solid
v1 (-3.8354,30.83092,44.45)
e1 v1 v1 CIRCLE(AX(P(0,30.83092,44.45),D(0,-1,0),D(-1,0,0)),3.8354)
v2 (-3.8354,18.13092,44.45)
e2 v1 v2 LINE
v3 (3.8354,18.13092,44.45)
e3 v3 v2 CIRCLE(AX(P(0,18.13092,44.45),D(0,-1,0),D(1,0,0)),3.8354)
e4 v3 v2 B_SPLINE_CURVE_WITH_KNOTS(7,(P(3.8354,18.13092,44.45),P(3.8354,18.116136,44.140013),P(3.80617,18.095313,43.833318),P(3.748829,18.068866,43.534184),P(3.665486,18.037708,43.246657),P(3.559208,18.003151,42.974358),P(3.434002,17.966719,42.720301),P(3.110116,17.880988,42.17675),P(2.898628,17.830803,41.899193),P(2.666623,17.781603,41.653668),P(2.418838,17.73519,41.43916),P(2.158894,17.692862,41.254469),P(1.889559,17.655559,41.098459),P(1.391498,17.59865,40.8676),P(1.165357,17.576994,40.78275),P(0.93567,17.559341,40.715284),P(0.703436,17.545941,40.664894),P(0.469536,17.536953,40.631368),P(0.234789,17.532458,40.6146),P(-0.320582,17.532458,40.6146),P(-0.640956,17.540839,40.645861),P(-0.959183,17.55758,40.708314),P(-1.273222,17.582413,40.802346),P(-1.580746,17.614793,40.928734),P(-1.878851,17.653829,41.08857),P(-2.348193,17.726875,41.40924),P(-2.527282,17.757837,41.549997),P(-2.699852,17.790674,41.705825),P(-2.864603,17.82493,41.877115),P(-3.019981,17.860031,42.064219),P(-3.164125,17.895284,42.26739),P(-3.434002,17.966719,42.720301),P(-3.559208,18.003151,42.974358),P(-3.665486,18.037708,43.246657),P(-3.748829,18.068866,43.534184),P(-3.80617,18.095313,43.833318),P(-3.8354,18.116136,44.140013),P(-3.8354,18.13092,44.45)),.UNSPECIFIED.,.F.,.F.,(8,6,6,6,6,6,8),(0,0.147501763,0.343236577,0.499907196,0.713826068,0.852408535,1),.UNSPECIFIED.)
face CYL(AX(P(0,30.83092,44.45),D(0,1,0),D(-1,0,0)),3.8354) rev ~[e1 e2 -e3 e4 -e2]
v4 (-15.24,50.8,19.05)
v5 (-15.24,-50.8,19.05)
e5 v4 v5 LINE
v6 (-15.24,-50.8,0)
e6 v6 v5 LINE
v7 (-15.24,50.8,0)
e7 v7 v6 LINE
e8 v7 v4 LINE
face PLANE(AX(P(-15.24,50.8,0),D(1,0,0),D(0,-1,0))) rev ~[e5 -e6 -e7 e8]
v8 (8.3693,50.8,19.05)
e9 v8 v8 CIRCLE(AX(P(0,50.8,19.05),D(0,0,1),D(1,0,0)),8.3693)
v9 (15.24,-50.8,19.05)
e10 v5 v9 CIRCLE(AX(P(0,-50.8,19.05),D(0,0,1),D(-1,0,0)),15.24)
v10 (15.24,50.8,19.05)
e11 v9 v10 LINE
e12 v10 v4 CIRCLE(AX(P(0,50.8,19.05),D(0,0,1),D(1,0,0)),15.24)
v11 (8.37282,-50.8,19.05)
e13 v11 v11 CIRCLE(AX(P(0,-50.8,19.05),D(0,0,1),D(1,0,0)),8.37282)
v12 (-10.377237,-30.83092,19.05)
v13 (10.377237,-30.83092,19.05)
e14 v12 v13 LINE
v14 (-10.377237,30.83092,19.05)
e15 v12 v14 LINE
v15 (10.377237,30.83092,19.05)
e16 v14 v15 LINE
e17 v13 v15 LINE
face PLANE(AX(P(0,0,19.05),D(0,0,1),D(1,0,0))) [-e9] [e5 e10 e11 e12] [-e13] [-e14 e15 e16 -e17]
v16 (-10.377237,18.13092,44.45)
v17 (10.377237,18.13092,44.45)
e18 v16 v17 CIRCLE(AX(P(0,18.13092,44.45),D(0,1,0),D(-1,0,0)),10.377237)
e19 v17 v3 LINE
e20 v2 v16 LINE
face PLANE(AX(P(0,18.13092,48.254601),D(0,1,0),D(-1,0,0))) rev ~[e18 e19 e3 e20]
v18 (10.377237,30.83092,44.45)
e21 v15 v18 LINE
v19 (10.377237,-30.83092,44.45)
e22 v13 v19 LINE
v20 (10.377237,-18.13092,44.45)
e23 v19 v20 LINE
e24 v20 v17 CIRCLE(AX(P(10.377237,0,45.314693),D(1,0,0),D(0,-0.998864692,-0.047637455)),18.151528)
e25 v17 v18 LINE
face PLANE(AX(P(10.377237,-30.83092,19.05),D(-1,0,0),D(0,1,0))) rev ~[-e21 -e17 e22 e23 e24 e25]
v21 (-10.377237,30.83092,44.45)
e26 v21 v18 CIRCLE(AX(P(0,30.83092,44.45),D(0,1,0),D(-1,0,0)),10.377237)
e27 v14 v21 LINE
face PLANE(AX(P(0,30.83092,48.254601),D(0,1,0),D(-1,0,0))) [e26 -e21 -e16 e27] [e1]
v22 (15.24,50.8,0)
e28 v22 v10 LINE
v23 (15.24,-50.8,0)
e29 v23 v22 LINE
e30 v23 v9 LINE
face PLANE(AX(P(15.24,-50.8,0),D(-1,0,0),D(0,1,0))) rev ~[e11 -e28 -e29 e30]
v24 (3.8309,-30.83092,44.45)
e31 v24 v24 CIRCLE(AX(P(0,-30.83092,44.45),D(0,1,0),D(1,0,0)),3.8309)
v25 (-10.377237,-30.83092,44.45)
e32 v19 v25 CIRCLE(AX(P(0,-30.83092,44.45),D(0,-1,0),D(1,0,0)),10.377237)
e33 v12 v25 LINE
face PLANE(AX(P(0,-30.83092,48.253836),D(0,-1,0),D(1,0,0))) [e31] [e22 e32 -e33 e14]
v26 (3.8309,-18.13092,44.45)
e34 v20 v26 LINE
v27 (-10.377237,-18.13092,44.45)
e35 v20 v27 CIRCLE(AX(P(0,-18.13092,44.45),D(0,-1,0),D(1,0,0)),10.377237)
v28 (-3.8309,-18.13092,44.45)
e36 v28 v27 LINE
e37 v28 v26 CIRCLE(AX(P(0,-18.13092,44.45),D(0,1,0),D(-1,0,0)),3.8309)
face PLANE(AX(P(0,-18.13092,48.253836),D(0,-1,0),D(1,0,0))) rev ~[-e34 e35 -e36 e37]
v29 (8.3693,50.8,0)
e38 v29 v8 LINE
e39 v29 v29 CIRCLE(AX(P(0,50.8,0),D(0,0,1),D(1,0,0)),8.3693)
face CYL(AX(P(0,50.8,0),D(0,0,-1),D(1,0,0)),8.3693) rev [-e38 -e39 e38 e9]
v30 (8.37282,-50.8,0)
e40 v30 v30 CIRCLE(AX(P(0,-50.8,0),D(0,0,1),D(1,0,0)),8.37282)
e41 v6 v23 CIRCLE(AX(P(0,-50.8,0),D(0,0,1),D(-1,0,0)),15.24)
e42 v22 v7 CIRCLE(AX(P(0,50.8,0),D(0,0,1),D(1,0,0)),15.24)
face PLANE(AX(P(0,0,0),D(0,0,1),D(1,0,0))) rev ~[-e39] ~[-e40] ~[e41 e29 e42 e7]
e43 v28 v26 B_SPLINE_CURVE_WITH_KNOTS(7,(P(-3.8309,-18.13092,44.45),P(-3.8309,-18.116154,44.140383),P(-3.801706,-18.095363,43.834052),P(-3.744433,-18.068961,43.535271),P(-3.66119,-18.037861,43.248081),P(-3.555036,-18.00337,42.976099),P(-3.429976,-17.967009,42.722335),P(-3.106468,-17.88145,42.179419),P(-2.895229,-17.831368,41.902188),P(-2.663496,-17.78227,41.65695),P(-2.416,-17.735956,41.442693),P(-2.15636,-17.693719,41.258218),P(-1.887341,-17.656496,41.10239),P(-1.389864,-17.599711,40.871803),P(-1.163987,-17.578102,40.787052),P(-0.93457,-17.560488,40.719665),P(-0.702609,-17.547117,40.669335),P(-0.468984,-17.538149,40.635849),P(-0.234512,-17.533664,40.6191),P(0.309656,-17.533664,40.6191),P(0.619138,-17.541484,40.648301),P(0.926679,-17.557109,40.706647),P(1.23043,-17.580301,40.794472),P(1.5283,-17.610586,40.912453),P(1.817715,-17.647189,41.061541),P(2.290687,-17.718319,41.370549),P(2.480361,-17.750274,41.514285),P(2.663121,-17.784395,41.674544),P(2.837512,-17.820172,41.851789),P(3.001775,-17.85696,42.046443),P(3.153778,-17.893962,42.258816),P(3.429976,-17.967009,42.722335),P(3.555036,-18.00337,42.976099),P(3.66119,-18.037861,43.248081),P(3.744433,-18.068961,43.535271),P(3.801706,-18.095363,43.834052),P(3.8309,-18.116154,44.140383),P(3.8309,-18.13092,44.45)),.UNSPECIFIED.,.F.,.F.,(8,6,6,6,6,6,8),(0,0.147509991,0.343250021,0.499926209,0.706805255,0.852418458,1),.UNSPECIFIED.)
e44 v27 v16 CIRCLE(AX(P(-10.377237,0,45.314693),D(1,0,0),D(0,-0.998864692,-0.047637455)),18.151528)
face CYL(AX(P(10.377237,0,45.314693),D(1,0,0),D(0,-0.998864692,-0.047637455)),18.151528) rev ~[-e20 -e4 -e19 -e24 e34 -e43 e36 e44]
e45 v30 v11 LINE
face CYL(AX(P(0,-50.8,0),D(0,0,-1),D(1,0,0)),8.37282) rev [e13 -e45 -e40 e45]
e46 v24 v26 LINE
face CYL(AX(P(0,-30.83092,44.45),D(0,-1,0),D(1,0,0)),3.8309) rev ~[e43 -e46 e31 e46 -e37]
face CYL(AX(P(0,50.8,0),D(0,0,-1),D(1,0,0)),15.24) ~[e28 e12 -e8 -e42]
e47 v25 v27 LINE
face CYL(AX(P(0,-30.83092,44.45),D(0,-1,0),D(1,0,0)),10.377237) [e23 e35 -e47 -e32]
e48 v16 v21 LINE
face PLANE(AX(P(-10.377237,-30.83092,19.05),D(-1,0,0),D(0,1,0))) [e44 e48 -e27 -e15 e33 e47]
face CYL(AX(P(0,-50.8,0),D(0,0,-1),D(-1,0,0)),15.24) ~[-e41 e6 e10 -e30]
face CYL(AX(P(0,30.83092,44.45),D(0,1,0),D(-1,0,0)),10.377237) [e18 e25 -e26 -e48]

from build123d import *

# Parameters (mm, degrees)
F0_R      = 8.37282
F0_R_2    = 8.3693
F1_DEPTH  = 19.05
F2_W      = 20.754474
F2_H      = 61.66184
F3_DEPTH  = 25.4
F5_DEPTH  = 25.4
F7_DEPTH  = 12.7
F6_R      = 3.8309
F8_DEPTH  = 15.24
F10_DEPTH = 12.7
F9_R      = 3.8354
F11_DEPTH = 15.24


with BuildPart() as f1:
    # F0 (on Top) → F1 (new body)
    with BuildSketch(Plane.XY):
        with BuildLine():
            Line((-15.24, 50.8), (-15.24, 0))
            Line((-15.24, 0), (-15.24, -50.8))
            ThreePointArc((-15.24, -50.8), (0, -66.04), (15.24, -50.8))
            Line((15.24, -50.8), (15.24, 0))
            Line((15.24, 0), (15.24, 50.8))
            ThreePointArc((15.24, 50.8), (0, 66.04), (-15.24, 50.8))
        make_face()
        with Locations((0, -50.8)):
            Circle(F0_R, mode=Mode.SUBTRACT)
        with Locations((0, 50.8)):
            Circle(F0_R_2, mode=Mode.SUBTRACT)
    extrude(amount=F1_DEPTH)

    # F2 (on face) → F3 (join)
    with BuildSketch(Plane.XY.offset(19.05)):
        Rectangle(F2_W, F2_H)
    extrude(amount=F3_DEPTH)

    # F4 (on face) → F5 (cut)
    with BuildSketch(Plane.YZ.offset(10.377237)):
        with BuildLine():
            Line((18.13092, 44.45), (-18.13092, 44.45))
            ThreePointArc((-18.13092, 44.45), (0, 27.163165), (18.13092, 44.45))
        make_face()
    extrude(amount=-F5_DEPTH, mode=Mode.SUBTRACT)

    # F6 (on face) → F7 (join)
    with BuildSketch(Plane.XZ.offset(30.83092)):
        with BuildLine():
            Line((3.8309, 44.45), (10.377237, 44.45))
            ThreePointArc((10.377237, 44.45), (0, 54.827237), (-10.377237, 44.45))
            Line((-10.377237, 44.45), (-3.8309, 44.45))
            ThreePointArc((-3.8309, 44.45), (0, 48.2809), (3.8309, 44.45))
        make_face()
    extrude(amount=-F7_DEPTH)

    # F6 (on face) → F8 (cut)
    with BuildSketch(Plane.XZ.offset(30.83092)):
        with Locations((0, 44.45)):
            Circle(F6_R)
    extrude(amount=-F8_DEPTH, mode=Mode.SUBTRACT)

    # F9 (on face) → F10 (join)
    with BuildSketch(Plane(origin=(0, 30.83092, 0), x_dir=(-1, 0, 0), z_dir=(0, 1, 0))):
        with BuildLine():
            Line((3.8354, 44.45), (10.377237, 44.45))
            ThreePointArc((10.377237, 44.45), (0, 54.827237), (-10.377237, 44.45))
            Line((-10.377237, 44.45), (-3.8354, 44.45))
            ThreePointArc((-3.8354, 44.45), (0, 48.2854), (3.8354, 44.45))
        make_face()
    extrude(amount=-F10_DEPTH)

    # F9 (on face) → F11 (cut)
    with BuildSketch(Plane(origin=(0, 30.83092, 0), x_dir=(-1, 0, 0), z_dir=(0, 1, 0))):
        with Locations((0, 44.45)):
            Circle(F9_R)
    extrude(amount=-F11_DEPTH, mode=Mode.SUBTRACT)


solid = f1.part
